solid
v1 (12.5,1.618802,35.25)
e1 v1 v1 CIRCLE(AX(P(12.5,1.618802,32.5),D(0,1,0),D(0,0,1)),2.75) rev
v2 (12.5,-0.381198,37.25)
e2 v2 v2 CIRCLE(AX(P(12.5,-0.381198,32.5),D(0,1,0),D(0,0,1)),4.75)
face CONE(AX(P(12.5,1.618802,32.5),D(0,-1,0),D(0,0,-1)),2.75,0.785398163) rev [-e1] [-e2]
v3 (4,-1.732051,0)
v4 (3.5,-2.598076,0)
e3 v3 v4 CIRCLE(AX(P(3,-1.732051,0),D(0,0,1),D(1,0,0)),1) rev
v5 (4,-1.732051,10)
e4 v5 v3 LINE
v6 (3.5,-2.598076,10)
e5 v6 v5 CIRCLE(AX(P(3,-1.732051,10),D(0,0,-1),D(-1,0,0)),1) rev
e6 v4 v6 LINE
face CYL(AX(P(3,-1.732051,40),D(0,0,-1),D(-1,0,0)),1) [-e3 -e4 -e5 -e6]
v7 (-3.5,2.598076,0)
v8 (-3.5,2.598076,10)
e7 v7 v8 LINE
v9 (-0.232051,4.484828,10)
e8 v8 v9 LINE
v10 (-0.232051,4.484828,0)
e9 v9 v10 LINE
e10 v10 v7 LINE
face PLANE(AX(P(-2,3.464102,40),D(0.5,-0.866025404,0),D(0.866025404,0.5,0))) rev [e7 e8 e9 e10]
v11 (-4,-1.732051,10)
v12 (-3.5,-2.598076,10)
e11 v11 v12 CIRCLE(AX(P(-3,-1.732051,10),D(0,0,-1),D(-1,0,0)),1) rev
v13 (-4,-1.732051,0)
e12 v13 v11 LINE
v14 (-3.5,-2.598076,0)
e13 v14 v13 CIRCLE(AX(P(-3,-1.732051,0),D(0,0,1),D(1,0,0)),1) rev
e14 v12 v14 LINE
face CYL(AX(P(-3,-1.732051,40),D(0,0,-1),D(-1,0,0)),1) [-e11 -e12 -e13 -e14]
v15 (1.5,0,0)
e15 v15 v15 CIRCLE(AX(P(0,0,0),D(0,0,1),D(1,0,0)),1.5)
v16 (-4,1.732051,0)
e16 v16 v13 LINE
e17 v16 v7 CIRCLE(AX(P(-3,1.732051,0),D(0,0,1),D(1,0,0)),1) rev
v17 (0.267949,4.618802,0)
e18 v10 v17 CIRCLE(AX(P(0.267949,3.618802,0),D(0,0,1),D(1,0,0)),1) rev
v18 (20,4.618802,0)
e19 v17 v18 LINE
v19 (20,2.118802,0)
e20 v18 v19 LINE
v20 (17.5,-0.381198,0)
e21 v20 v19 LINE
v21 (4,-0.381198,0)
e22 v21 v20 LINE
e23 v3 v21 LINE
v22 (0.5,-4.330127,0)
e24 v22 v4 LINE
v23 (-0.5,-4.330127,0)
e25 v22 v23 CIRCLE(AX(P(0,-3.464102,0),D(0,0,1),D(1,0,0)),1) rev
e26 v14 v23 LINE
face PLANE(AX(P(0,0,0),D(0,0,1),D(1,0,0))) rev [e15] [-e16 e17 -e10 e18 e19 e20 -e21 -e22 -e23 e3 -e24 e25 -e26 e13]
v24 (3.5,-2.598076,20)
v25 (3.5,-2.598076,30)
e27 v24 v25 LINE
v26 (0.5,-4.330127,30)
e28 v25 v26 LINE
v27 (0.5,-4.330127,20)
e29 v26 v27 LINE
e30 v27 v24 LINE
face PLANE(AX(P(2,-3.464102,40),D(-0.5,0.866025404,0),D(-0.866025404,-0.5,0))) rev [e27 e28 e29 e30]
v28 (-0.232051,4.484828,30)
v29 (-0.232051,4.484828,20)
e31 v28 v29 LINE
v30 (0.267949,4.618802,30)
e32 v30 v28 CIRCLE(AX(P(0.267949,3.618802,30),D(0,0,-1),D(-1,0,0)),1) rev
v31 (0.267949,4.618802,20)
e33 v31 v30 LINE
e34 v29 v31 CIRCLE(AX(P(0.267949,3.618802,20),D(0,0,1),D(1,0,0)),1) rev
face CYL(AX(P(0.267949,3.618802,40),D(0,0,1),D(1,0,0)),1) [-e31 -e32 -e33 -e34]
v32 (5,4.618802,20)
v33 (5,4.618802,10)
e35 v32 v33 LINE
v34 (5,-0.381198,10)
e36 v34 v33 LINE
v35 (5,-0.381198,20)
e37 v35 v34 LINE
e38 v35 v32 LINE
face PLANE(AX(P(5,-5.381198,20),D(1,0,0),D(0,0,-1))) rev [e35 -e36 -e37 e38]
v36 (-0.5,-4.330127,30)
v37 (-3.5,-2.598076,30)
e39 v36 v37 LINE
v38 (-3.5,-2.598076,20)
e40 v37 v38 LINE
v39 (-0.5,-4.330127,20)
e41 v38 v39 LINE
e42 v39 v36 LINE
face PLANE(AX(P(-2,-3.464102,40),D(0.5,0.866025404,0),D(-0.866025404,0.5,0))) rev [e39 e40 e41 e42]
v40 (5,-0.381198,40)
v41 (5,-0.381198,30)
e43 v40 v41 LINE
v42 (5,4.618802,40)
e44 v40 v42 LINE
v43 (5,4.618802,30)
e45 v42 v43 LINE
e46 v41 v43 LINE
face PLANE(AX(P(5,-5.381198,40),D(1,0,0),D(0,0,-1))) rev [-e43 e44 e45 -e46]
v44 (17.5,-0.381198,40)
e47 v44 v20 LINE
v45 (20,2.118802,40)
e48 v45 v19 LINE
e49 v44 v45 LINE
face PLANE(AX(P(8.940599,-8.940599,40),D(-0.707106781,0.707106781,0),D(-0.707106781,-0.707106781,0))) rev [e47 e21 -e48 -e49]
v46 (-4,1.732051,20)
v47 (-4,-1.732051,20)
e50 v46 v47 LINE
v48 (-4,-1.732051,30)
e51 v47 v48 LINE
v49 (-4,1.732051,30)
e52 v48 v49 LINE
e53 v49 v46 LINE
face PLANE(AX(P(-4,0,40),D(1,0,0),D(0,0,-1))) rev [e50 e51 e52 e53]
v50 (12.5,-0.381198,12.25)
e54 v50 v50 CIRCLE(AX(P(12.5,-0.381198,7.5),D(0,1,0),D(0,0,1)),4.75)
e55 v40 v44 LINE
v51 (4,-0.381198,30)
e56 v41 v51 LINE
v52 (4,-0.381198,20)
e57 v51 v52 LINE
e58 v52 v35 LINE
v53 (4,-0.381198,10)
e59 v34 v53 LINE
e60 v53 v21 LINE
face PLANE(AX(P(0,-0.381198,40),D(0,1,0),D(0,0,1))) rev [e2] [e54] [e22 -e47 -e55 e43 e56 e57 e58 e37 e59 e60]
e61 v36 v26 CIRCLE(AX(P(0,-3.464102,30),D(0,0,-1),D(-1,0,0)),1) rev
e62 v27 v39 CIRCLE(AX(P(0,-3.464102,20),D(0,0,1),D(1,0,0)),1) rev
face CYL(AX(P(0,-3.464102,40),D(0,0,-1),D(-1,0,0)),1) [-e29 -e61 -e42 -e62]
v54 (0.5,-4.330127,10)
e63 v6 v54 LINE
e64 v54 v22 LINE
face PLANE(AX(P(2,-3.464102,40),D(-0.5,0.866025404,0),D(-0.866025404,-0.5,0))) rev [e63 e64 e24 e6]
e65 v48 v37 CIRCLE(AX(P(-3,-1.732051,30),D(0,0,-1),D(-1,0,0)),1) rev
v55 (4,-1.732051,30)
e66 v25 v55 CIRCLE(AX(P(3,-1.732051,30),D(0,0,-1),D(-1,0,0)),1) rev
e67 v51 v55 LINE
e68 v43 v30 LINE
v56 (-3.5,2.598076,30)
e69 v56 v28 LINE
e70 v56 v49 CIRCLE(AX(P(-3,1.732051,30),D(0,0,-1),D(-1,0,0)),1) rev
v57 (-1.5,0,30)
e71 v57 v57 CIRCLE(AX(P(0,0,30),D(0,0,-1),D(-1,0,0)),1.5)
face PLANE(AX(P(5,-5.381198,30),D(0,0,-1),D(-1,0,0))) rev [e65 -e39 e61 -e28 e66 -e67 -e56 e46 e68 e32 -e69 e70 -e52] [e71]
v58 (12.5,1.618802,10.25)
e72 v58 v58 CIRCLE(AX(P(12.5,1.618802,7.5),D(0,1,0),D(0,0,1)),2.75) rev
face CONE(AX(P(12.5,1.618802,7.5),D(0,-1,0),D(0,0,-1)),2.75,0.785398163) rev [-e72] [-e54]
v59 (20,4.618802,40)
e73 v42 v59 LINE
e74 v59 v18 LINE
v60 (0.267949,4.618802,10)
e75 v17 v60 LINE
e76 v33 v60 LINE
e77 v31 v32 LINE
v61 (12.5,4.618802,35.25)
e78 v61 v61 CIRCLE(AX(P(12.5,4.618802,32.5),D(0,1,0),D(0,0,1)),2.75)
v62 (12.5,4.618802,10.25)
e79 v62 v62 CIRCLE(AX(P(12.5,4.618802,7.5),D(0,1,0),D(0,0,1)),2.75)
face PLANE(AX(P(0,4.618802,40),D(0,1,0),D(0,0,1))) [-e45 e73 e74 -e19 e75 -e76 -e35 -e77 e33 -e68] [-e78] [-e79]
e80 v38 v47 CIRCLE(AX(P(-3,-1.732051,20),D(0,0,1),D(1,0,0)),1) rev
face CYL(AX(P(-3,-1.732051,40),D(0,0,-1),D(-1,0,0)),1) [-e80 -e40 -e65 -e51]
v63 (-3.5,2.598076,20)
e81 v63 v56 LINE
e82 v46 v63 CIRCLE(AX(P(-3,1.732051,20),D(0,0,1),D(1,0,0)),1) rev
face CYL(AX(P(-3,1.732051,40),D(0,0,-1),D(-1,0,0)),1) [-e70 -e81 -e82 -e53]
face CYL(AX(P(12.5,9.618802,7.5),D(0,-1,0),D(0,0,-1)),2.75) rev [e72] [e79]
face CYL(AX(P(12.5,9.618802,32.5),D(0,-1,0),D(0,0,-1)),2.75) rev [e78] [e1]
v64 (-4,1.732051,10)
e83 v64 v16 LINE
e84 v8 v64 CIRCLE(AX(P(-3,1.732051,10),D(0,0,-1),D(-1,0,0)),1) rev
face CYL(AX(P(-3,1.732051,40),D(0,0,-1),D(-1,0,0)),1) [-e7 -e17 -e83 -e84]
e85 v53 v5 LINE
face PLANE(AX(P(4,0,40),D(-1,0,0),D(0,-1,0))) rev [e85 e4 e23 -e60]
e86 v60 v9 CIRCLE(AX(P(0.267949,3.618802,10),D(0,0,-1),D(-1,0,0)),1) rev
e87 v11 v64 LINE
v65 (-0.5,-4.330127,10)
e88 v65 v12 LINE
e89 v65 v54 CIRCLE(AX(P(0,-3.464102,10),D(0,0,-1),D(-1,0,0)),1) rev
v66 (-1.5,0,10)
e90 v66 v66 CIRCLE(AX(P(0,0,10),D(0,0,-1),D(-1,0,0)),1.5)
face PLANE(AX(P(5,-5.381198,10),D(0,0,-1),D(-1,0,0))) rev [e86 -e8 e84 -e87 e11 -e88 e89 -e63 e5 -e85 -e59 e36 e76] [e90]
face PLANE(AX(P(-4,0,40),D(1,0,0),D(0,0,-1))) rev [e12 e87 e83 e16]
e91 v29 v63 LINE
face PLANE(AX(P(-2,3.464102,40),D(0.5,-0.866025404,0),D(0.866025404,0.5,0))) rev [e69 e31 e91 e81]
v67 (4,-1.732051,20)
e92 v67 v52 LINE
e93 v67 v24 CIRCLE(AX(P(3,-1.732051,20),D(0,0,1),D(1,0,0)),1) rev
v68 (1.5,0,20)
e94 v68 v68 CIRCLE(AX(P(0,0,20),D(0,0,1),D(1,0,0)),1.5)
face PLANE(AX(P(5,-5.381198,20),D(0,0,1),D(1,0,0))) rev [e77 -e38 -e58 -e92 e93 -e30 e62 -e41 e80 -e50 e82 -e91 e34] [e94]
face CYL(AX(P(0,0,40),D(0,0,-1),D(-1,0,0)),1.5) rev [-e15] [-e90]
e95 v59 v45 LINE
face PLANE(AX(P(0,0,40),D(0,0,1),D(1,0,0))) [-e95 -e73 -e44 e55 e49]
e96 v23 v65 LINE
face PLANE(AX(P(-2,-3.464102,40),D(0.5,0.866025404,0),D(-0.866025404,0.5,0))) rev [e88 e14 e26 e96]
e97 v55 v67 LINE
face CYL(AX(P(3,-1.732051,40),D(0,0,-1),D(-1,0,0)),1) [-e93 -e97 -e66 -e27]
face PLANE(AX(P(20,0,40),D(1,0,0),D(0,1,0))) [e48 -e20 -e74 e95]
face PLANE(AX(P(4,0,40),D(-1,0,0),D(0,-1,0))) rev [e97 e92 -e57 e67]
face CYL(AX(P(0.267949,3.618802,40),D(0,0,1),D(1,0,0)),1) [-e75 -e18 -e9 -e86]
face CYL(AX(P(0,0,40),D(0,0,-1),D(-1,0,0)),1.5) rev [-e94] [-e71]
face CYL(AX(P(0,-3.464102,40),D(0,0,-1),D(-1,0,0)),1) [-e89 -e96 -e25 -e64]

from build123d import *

# Parameters (mm, degrees)
SKETCH1_R      = 1.5
EXTRUDE1_DEPTH = 40
SKETCH2_R      = 2.75
EXTRUDE2_DEPTH = 10
CHAMFER1_SIZE  = 2
SKETCH3_W      = 12.733635698
SKETCH3_H      = 10
SKETCH3_W_2    = 13.399455213
EXTRUDE3_DEPTH = 10
FILLET1_R      = 1


with BuildPart() as part:
    # Sketch1 → Extrude1 (new body)
    with BuildSketch(Plane.XY):
        Polygon((4, -0.381197846), (17.5, -0.381197846), (20, 2.118802154), (20, 4.618802154), (0, 4.618802154), (-4, 2.309401077), (-4, -2.309401077), (0, -4.618802154), (4, -2.309401077), align=None)
        Circle(SKETCH1_R, mode=Mode.SUBTRACT)
    extrude(amount=EXTRUDE1_DEPTH)

    # Sketch2 → Extrude2 (cut)
    with BuildSketch(Plane.XZ.offset(0.381197846)):
        with Locations((12.5, 32.5)):
            Circle(SKETCH2_R)
        with Locations((12.5, 7.5)):
            Circle(SKETCH2_R)
    extrude(amount=-EXTRUDE2_DEPTH, mode=Mode.SUBTRACT)

    # Chamfer1
    chamfer1_edges = [part.edges().sort_by_distance(p)[0] for p in [
        (9.75, -0.381197846, 32.5),
        (9.75, -0.381197846, 7.5),
    ]]
    chamfer(chamfer1_edges, length=CHAMFER1_SIZE)

    # Sketch3 → Extrude3 (cut)
    with BuildSketch(Plane(origin=(0, 4.618802154, 0), x_dir=(1, 0, 0), z_dir=(0, 1, 0))):
        with Locations((-1.366817849, -35)):
            Rectangle(SKETCH3_W, SKETCH3_H)
        with Locations((-1.699727607, -15)):
            Rectangle(SKETCH3_W_2, SKETCH3_H)
    extrude(amount=-EXTRUDE3_DEPTH, mode=Mode.SUBTRACT)

    # Fillet1
    fillet1_edges = [part.edges().sort_by_distance(p)[0] for p in [
        (4, -2.309401077, 25),
        (4, -2.309401077, 5),
        (0, -4.618802154, 25),
        (0, -4.618802154, 5),
        (-4, -2.309401077, 25),
        (-4, -2.309401077, 5),
        (-4, 2.309401077, 25),
        (-4, 2.309401077, 5),
        (0, 4.618802154, 25),
        (0, 4.618802154, 5),
    ]]
    fillet(fillet1_edges, radius=FILLET1_R)


solid = part.part
